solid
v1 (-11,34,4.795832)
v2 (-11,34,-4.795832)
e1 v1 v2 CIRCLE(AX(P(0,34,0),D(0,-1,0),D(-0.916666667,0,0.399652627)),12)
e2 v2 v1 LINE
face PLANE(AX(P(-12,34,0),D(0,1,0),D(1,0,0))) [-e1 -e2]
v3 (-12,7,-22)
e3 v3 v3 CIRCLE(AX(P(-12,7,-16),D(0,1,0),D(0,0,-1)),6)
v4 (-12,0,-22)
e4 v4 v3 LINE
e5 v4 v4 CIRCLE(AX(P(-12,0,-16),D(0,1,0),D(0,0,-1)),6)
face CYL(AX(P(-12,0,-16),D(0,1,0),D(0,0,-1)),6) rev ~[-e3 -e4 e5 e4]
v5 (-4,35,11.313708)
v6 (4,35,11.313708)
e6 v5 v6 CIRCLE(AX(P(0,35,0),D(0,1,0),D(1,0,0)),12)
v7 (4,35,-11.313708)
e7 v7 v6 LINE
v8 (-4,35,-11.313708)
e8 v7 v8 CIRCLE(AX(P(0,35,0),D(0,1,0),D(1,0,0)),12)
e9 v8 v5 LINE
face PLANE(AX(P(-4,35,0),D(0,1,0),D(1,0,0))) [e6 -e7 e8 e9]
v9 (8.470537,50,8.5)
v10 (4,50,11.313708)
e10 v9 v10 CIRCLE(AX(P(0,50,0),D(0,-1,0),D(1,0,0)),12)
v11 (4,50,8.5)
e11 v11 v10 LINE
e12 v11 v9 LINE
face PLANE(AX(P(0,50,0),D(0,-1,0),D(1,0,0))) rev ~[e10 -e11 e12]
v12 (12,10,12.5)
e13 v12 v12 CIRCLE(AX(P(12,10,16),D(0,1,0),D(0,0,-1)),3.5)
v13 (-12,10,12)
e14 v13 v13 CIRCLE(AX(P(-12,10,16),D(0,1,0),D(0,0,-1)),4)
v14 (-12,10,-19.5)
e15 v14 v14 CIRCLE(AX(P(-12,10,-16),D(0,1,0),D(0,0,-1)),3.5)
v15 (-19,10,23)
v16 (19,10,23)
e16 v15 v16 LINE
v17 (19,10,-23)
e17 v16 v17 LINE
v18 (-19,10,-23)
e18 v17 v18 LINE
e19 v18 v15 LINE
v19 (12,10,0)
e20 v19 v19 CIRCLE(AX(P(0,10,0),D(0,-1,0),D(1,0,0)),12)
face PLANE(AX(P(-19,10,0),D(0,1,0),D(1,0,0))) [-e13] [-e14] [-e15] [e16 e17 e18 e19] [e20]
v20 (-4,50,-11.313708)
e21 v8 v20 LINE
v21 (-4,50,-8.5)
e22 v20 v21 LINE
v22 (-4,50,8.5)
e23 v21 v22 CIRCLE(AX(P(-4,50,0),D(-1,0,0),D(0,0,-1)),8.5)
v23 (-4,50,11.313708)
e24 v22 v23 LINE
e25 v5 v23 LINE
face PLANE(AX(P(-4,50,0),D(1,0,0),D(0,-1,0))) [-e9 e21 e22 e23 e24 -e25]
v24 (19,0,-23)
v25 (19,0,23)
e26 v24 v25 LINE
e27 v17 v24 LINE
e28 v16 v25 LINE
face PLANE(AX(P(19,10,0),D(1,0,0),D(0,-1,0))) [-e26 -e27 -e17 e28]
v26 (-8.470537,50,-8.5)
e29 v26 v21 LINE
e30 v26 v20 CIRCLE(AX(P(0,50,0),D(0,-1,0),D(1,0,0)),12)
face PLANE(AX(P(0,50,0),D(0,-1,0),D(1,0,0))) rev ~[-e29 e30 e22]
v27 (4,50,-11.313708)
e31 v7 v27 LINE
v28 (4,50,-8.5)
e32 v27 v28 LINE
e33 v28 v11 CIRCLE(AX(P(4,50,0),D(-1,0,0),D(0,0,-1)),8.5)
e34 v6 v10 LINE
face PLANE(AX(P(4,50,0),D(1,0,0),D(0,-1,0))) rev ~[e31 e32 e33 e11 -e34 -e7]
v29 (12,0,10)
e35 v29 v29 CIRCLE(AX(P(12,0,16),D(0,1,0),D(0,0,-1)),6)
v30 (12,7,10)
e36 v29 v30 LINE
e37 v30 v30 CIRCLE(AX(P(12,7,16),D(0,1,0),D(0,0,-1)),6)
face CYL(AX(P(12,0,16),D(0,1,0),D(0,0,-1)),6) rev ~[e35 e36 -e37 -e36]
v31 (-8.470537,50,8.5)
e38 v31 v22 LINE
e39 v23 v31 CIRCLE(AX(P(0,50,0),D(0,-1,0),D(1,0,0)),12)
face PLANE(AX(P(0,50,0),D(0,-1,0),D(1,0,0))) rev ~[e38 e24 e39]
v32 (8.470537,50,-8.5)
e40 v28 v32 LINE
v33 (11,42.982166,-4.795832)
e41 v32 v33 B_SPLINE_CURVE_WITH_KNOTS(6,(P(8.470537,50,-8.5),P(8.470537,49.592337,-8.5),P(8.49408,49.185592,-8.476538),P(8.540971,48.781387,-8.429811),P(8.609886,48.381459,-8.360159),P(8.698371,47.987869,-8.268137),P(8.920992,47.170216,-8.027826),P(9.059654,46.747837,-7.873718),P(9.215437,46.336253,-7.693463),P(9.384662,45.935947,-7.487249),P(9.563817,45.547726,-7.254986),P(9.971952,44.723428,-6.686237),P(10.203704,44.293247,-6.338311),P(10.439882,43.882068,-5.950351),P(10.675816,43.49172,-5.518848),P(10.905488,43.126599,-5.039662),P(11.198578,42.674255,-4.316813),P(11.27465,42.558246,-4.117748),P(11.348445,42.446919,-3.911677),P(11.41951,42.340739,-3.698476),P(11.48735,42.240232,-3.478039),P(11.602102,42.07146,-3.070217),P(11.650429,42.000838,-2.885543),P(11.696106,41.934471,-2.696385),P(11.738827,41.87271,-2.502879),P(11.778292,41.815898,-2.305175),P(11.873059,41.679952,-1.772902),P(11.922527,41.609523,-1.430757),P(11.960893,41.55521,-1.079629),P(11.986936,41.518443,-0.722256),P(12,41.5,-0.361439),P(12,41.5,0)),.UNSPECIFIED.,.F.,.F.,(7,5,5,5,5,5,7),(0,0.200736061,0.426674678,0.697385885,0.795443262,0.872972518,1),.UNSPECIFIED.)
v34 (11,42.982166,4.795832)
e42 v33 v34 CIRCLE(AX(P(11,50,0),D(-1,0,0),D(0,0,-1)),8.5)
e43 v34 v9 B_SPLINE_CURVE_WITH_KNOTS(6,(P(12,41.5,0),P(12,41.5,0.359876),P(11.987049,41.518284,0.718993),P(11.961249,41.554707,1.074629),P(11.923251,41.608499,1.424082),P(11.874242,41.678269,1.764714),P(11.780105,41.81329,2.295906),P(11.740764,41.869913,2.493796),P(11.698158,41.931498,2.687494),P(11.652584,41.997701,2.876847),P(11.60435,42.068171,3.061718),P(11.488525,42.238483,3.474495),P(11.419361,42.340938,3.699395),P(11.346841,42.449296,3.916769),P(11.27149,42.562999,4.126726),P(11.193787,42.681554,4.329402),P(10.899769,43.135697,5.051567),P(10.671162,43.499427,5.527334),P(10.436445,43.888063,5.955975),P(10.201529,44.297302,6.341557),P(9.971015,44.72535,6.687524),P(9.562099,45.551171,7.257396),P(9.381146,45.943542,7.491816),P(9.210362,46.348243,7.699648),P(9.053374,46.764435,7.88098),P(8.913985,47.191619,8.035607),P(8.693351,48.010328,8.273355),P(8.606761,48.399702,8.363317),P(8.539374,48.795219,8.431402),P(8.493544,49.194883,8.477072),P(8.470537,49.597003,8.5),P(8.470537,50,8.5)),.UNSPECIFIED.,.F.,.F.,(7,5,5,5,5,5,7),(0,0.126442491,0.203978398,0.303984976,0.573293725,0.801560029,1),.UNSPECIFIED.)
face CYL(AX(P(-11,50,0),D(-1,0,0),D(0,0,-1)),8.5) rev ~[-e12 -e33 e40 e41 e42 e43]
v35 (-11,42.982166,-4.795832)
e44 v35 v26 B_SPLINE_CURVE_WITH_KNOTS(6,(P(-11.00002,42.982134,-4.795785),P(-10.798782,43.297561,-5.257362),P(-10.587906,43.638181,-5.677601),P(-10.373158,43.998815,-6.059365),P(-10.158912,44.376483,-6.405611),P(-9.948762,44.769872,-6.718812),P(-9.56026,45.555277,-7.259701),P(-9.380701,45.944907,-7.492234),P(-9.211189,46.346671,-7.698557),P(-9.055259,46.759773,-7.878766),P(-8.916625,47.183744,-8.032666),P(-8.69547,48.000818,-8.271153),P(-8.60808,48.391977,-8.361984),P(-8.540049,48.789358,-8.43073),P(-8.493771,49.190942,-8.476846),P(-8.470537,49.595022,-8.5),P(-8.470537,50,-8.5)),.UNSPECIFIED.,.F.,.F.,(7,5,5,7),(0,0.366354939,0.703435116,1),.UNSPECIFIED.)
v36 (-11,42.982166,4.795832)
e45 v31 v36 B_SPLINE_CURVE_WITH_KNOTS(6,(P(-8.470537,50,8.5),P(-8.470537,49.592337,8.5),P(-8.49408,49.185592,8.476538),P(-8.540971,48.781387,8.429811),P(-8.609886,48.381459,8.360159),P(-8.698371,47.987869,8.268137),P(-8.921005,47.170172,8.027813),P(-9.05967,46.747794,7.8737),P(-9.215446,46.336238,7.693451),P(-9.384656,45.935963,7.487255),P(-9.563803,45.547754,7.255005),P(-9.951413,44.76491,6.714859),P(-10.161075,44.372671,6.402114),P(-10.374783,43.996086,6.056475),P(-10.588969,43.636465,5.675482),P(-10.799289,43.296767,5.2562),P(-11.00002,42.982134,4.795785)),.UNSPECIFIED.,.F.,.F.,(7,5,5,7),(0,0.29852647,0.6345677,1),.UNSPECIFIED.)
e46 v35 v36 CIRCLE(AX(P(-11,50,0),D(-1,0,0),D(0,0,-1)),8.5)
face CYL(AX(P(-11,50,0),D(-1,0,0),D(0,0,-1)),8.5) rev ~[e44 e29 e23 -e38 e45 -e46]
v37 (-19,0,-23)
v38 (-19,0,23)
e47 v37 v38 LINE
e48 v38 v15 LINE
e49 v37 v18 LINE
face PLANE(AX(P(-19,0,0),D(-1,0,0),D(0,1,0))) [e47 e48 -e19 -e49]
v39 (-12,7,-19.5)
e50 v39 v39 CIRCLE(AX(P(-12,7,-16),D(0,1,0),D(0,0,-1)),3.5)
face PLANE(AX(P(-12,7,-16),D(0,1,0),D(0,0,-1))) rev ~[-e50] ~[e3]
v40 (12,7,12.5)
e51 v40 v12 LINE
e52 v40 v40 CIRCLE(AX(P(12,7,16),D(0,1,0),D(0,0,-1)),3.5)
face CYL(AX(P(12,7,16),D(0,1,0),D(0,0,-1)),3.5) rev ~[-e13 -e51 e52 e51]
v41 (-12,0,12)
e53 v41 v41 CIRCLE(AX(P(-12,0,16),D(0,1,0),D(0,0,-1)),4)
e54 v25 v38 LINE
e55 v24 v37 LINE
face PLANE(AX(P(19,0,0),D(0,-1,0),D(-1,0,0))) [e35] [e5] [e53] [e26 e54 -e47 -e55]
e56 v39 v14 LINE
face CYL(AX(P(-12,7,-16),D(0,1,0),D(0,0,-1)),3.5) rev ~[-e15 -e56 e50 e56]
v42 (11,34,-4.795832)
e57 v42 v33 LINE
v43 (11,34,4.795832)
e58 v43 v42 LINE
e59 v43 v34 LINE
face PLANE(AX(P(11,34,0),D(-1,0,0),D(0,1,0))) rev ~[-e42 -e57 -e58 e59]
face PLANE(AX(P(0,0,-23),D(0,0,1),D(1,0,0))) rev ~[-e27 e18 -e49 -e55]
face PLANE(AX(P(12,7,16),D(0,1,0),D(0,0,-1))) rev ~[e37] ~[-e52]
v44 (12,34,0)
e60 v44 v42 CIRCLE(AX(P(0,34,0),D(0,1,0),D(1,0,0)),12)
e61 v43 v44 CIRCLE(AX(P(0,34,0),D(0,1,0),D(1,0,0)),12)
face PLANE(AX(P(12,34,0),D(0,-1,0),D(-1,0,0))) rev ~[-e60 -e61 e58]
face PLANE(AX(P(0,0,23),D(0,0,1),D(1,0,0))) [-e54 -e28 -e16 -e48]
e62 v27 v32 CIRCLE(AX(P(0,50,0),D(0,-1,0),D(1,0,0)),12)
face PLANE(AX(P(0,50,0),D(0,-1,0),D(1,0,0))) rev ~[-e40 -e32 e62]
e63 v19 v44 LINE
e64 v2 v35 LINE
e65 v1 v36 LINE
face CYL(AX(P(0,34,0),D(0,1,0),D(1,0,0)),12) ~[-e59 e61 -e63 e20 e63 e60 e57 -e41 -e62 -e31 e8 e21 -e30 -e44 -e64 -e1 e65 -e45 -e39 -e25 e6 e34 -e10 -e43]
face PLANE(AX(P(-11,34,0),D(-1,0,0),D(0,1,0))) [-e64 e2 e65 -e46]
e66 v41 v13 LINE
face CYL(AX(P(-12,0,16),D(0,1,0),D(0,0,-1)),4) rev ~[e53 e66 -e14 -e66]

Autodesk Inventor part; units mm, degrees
ref_plane "YZ Plane" through (0, 0, 0) normal (1, 0, 0) x (0, 1, 0)
ref_plane "XZ Plane" through (0, 0, 0) normal (0, 1, 0) x (-1, 0, 0)
ref_plane "XY Plane" through (0, 0, 0) normal (0, 0, 1) x (1, 0, 0)
sketch "Эскиз1" plane through (0, 0, 0) normal (0, 0, 1) x (1, 0, 0)
  line L0 (-19, 10) -> (19, 10)
  line L1 (19, 10) -> (19, 0)
  line L2 (19, 0) -> (-19, 0)
  line L3 (-19, 0) -> (-19, 10)
  line L4 (12, 10) -> (12, 34)
  line L5 (12, 34) -> (11, 34)
  line L6 (11, 34) -> (11, 50)
  line L7 (11, 50) -> (4, 50)
  line L8 (4, 50) -> (4, 35)
  line L9 (4, 35) -> (0, 35)
  line L10 (0, 35) -> (0, 10)
  line L11 (12, 34) -> (12, 50)
  line L12 (12, 50) -> (11, 50)
  line L13 (4, 50) -> (-4, 50)
  line L14 (-4, 50) -> (-4, 35)
  line L15 (-4, 35) -> (0, 35)
  line L16 (-12, 34) -> (-11, 34)
  line L17 (-11, 34) -> (-11, 50)
  line L18 (-12, 34) -> (-12, 50)
  line L19 (-12, 50) -> (-11, 50)
  point P0 (0, 0)
  point P1 (0, 0)
  dimension "d0" = 38
  dimension "d1" = 50
  dimension "d2" = 40
  dimension "d3" = 16
  dimension "d4" = 15
  dimension "d5" = 22
  dimension "d6" = 4
  dimension "d7" = 24
  dimension "d13" = 8
extrude "Выдавливание1" add sketch "Эскиз1" along normal mid plane 46 contours L0 L1 L2 L3
revolve "Вращение1" add sketch "Эскиз1" angle 360 about axis through (0, 35, 0) along (0, -1, 0) contours L10 L9 L8 L7 L6 L5 L4 L0 | L5 L6 L12 L11
extrude "Выдавливание2" cut sketch "Эскиз1" along normal through all both and the other way through all contours L15 L14 L13 L8 L9 | L5 L6 L12 L11 | L18 L19 L17 L16
sketch "Эскиз2" plane through (-11, 34, 4.7958) normal (-1, 0, 0) x (0, 0, 1)
  arc A0 (-13.2958, 16) -> (3.7042, 16) centre (-4.7958, 16) ccw
  line L0 (-13.2958, 16) -> (3.7042, 16)
  line L1 (6.5179, 16) -> (-16.1095, 16) projected
  point P0 (-4.7958, 16)
  dimension "d16" = 8.5
extrude "Выдавливание4" cut sketch "Эскиз2" against normal through all
sketch "Эскиз3" plane through (-19, 0, 23) normal (0, -1, 0) x (1, 0, 0)
  point P0 (19, -23)
  point P1 (7, -7)
  point P2 (7, -39)
  point P3 (31, -7)
  dimension "d19" = 12
  dimension "d21" = 16
  dimension "d22" = 32
  dimension "d30" = 24
hole "Отверстие1" at (-12, 0, 16) direction (0, 1, 0) diameter 8 end through all
hole "Отверстие2" at (12, 0, 16) at (-12, 0, -16) direction (0, 1, 0) diameter 7 end through all counterbore diameter 12 counterbore depth 7
properties part number "Фиксатор"
